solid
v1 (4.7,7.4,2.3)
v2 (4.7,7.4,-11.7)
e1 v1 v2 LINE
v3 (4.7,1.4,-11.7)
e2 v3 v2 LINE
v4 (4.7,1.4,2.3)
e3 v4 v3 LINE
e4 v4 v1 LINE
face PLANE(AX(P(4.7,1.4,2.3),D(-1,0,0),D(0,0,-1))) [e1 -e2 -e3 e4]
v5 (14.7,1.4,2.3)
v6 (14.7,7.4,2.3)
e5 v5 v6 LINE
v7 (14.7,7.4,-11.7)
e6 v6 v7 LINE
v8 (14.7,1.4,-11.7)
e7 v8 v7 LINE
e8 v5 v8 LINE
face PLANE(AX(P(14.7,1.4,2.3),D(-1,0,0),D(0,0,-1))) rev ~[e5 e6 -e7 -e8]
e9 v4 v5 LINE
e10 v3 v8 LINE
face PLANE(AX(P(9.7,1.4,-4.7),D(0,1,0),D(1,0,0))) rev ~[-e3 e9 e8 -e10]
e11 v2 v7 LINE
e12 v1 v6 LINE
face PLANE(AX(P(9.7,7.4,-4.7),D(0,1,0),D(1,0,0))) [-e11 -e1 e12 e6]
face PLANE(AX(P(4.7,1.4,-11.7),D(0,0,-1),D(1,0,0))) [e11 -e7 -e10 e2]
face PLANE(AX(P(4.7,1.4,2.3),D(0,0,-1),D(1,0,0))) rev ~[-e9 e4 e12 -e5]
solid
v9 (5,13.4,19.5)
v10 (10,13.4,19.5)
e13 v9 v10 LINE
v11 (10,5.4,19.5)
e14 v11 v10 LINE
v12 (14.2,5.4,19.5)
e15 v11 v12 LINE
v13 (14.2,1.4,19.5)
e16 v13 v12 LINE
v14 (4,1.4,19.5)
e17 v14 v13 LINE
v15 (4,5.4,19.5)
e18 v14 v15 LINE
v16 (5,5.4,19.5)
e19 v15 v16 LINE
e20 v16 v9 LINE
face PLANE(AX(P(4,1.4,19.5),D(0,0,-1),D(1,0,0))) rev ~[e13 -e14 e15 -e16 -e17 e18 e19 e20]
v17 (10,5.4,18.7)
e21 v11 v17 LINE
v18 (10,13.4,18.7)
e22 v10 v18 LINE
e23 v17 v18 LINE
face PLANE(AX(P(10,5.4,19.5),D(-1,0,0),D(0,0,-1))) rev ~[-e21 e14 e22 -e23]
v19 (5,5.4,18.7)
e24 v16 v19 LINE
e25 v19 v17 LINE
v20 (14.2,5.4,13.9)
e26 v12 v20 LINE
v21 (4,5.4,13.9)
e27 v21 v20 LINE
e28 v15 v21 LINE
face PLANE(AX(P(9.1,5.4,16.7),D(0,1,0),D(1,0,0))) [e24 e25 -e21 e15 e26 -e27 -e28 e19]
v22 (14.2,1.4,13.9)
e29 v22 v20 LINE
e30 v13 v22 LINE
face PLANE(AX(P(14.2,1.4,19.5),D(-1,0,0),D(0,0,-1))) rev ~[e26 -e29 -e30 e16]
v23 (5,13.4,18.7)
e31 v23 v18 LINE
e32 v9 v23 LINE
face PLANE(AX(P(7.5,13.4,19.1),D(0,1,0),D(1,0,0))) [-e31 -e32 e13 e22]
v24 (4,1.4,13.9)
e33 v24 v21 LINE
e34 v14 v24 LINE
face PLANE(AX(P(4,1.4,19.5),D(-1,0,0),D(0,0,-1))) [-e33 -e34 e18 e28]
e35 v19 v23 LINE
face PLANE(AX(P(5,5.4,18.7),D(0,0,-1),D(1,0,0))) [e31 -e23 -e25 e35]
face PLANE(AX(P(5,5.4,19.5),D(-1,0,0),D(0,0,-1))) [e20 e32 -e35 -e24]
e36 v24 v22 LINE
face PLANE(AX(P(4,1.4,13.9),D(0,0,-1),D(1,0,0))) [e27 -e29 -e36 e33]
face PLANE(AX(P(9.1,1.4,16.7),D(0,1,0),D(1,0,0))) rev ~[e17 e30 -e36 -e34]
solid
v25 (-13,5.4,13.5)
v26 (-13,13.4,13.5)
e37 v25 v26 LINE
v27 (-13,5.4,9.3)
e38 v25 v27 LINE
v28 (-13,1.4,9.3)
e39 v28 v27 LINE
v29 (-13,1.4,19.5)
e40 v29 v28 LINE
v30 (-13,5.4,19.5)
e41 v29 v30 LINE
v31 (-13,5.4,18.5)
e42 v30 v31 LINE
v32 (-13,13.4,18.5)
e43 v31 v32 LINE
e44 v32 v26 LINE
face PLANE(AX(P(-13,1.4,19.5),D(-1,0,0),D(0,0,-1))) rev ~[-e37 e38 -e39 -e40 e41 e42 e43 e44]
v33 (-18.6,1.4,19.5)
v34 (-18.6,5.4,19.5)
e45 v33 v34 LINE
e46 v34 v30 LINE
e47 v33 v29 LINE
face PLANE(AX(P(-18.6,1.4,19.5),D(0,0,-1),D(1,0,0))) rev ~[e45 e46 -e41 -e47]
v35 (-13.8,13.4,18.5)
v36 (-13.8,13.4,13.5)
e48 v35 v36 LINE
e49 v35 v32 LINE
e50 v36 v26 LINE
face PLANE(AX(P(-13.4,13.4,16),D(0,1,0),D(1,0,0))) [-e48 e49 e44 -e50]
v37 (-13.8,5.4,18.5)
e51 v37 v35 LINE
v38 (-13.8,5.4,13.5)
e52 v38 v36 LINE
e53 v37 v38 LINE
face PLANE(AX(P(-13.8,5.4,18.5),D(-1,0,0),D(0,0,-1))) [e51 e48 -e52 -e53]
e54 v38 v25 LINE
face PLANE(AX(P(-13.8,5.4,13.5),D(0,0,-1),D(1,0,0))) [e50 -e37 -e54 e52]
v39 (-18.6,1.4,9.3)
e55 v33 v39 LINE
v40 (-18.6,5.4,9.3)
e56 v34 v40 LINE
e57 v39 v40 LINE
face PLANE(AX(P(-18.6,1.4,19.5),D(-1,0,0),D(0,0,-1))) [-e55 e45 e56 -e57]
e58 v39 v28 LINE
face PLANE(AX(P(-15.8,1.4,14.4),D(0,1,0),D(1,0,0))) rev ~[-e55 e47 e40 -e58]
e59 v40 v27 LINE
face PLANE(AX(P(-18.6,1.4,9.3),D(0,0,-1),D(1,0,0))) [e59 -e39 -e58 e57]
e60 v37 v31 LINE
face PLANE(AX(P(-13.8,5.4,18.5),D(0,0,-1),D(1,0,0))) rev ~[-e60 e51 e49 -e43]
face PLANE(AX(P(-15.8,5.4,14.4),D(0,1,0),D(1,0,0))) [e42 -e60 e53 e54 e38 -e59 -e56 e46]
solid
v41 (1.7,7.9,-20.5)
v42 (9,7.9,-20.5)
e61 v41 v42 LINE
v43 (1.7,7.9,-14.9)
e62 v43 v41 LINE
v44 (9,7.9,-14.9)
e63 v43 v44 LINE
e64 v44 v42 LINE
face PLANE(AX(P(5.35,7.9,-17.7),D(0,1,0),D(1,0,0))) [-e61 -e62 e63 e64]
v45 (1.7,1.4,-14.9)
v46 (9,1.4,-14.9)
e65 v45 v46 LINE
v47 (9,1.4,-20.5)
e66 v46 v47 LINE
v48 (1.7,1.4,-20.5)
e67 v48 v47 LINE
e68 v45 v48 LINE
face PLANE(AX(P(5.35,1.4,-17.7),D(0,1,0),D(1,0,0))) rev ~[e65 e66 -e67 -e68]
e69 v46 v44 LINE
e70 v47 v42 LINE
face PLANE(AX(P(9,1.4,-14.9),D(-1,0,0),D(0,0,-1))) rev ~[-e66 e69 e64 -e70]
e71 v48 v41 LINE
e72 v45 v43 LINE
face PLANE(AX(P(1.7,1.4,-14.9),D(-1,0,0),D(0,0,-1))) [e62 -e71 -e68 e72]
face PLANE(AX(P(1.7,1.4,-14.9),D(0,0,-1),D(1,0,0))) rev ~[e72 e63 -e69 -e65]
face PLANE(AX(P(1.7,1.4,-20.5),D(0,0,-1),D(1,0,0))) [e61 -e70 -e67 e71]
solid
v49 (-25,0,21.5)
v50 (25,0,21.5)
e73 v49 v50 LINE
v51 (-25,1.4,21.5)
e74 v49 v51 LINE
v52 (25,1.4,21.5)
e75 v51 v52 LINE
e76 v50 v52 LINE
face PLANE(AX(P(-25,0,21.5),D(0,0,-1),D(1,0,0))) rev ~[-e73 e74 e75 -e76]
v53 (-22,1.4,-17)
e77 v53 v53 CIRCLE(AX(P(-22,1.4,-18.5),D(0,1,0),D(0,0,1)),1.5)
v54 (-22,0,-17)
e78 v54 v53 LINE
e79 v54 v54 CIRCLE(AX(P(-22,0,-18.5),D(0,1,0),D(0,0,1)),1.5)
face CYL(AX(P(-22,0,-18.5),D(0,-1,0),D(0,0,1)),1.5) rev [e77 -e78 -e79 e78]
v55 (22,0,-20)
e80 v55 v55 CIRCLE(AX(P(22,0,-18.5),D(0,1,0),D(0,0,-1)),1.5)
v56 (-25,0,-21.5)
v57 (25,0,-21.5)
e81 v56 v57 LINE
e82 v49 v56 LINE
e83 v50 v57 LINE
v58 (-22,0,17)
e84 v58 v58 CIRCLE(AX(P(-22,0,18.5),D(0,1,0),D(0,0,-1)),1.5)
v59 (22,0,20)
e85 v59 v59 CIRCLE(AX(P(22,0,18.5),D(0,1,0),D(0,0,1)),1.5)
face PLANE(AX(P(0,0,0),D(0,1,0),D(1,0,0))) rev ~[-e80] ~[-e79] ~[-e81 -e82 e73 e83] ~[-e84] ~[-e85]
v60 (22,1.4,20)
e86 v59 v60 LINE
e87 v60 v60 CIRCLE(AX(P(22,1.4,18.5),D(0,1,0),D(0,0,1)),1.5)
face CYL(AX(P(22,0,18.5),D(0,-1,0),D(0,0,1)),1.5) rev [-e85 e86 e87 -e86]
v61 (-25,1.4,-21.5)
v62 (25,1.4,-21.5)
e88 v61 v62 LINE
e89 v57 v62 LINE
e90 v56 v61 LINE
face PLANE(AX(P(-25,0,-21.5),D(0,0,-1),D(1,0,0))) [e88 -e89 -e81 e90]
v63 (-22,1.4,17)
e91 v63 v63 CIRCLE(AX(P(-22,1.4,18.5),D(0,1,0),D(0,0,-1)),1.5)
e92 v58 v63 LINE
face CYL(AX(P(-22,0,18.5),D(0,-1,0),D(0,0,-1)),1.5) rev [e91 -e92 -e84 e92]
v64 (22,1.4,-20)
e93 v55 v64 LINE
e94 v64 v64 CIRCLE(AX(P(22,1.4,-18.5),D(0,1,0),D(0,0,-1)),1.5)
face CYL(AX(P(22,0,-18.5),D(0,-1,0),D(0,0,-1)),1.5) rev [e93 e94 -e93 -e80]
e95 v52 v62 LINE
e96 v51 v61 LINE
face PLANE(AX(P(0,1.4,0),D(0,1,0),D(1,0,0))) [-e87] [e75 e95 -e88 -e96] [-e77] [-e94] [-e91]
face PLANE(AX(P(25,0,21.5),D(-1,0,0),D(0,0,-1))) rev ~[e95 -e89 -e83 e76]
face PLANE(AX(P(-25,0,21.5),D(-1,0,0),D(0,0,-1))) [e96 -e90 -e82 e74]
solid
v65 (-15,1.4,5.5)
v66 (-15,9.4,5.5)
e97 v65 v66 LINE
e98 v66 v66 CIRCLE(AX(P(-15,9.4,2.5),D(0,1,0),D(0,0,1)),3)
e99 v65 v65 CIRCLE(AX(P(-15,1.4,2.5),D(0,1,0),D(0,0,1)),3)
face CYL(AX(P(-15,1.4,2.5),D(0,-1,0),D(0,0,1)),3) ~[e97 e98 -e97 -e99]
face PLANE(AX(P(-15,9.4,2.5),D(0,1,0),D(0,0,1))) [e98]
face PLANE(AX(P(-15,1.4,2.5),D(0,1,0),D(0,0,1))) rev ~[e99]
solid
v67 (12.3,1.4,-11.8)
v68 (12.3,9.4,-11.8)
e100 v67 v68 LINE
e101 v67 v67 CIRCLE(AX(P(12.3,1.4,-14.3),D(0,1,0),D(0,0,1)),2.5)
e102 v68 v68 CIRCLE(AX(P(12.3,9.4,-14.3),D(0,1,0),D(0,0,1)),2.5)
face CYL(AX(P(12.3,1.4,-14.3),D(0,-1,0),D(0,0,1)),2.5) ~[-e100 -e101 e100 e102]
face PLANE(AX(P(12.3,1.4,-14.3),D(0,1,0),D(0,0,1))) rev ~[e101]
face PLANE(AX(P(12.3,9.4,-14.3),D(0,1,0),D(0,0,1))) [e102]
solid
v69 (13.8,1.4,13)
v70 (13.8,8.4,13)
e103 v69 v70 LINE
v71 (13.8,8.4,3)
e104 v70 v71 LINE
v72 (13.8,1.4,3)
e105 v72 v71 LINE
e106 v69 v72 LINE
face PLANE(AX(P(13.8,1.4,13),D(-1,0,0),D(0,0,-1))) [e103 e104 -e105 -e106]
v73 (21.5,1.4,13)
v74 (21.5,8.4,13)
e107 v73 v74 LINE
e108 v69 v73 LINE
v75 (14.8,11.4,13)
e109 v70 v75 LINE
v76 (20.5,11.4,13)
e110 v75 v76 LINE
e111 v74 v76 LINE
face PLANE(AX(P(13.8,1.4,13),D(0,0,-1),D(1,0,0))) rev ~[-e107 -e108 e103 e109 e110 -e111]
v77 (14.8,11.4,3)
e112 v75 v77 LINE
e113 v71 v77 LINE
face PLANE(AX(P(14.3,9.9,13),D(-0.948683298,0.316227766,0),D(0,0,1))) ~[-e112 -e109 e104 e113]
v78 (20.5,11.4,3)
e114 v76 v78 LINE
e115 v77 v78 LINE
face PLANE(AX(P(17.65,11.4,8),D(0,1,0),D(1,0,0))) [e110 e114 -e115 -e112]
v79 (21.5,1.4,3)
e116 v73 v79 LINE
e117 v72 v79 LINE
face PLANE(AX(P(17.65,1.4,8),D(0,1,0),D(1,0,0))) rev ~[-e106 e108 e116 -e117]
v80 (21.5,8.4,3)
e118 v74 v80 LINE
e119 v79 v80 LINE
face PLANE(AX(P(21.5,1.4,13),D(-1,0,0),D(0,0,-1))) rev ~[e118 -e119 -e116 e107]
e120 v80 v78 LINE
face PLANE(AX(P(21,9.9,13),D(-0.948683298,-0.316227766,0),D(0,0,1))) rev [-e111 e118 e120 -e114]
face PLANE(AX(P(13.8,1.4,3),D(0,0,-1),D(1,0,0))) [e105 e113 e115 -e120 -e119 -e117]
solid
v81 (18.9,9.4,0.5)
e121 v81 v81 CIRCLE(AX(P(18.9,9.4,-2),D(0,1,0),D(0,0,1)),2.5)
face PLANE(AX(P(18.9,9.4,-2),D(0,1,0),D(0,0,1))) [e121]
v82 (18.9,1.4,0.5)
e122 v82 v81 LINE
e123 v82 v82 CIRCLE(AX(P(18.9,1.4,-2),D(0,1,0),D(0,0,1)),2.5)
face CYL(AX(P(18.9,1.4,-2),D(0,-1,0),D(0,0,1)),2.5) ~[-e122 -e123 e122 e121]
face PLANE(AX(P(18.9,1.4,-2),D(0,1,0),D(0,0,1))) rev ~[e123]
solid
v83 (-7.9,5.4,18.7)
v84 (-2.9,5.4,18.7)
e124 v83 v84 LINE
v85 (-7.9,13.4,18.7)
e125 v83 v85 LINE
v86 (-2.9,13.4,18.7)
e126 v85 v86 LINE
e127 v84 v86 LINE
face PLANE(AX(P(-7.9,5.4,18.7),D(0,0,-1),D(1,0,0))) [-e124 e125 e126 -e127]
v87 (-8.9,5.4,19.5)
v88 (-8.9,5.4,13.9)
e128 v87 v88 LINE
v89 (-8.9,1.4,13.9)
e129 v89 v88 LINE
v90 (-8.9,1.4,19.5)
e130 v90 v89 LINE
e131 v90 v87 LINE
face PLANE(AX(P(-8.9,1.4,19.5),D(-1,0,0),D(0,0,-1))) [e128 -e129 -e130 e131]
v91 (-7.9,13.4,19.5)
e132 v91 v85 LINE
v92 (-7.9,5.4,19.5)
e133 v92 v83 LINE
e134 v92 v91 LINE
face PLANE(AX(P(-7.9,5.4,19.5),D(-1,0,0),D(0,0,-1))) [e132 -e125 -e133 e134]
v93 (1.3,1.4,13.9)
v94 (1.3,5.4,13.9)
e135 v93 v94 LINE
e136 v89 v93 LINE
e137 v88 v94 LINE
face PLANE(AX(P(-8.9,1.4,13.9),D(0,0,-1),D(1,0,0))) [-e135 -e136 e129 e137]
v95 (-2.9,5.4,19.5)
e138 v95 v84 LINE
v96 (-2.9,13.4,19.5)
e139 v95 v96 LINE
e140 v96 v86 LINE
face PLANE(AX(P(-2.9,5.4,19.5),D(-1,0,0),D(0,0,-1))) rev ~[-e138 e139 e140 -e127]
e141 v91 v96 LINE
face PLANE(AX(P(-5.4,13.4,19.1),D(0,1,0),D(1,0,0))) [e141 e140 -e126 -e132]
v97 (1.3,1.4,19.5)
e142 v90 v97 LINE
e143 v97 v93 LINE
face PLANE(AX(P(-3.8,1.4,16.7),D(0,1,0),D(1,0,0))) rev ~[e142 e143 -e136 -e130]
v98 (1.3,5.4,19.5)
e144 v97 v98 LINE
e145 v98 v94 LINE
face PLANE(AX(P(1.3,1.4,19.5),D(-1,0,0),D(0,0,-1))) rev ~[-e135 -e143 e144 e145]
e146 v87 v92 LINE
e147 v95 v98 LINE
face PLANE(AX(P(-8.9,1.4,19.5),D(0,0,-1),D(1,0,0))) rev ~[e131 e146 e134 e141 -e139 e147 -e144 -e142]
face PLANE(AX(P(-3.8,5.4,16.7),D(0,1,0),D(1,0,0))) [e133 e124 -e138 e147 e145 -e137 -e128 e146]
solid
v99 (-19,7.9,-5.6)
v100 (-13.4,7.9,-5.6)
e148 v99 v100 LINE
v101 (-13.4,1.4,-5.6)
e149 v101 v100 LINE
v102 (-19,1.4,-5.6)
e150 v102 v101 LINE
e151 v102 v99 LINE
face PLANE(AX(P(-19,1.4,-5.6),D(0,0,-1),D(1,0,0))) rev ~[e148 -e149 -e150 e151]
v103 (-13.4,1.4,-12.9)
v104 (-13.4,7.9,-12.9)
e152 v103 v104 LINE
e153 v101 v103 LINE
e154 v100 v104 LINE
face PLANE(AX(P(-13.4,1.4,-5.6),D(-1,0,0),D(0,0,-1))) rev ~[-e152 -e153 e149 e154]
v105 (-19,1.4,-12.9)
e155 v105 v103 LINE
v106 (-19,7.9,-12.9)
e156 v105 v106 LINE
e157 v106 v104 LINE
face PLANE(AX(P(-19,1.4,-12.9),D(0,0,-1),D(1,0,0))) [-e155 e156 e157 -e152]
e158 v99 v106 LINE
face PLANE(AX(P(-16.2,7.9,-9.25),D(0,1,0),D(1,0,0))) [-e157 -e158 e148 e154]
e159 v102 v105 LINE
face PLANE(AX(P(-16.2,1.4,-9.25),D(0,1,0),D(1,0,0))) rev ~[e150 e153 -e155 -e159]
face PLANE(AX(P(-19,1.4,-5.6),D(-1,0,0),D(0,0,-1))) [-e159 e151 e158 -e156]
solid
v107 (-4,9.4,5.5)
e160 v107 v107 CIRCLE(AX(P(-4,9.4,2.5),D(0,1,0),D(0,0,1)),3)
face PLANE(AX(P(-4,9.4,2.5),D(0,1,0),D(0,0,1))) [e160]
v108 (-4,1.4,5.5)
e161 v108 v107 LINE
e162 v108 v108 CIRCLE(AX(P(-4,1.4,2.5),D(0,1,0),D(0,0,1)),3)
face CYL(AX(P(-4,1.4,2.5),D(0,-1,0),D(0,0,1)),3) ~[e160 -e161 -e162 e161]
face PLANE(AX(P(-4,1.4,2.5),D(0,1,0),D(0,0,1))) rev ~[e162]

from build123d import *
from OCP.BRepFilletAPI import BRepFilletAPI_MakeChamfer

# Parameters (mm, degrees)
ESQUISSE1_W          = 50
ESQUISSE1_H          = 43
ESQUISSE1_R          = 1.5
BOSS_EXTRU_1_DEPTH   = 1.4
ESQUISSE3_W          = 5.6
ESQUISSE3_H          = 10.2
BOSS_EXTRU_2_DEPTH   = 4
ESQUISSE3_W_2        = 10.2
ESQUISSE3_H_2        = 5.6
BOSS_EXTRU_2_2_DEPTH = 4
BOSS_EXTRU_2_3_DEPTH = 4
ESQUISSE4_W          = 5.6
ESQUISSE4_H          = 7.3
BOSS_EXTRU_3_DEPTH   = 6.5
ESQUISSE4_W_2        = 7.3
ESQUISSE4_H_2        = 5.6
BOSS_EXTRU_3_2_DEPTH = 6.5
ESQUISSE5_W          = 10
ESQUISSE5_H          = 14
BOSS_EXTRU_4_DEPTH   = 6
ESQUISSE6_W          = 7.7
ESQUISSE6_H          = 10
BOSS_EXTRU_5_DEPTH   = 10
ESQUISSE7_R          = 2.5
BOSS_EXTRU_6_DEPTH   = 8
BOSS_EXTRU_6_2_DEPTH = 8
ESQUISSE8_R          = 3
BOSS_EXTRU_7_DEPTH   = 8
BOSS_EXTRU_7_2_DEPTH = 8
ESQUISSE9_W          = 0.8
ESQUISSE9_H          = 5
ESQUISSE9_W_2        = 5
ESQUISSE9_H_2        = 0.8
BOSS_EXTRU_8_DEPTH   = 8
CHANFREIN1_SIZE      = 3
CHANFREIN1_SIZE2     = 1


with BuildPart() as part:
    # Esquisse1 → Boss.-Extru.1 (new body)
    with BuildSketch(Plane(origin=(0, 0, 0), x_dir=(1, 0, 0), z_dir=(0, 1, 0))):
        Rectangle(ESQUISSE1_W, ESQUISSE1_H)
        with Locations(Location((-22, 18.5, 0), (0, 0, 270))):
            Circle(ESQUISSE1_R, mode=Mode.SUBTRACT)
        with Locations(Location((22, 18.5, 0), (0, 0, 90))):
            Circle(ESQUISSE1_R, mode=Mode.SUBTRACT)
        with Locations(Location((22, -18.5, 0), (0, 0, 270))):
            Circle(ESQUISSE1_R, mode=Mode.SUBTRACT)
        with Locations(Location((-22, -18.5, 0), (0, 0, 90))):
            Circle(ESQUISSE1_R, mode=Mode.SUBTRACT)
    extrude(amount=BOSS_EXTRU_1_DEPTH)


with BuildPart() as body_2:
    # Esquisse3 → Boss.-Extru.2 (new body)
    with BuildSketch(Plane(origin=(0, 1.4, 0), x_dir=(1, 0, 0), z_dir=(0, 1, 0))):
        with Locations((-15.8, -14.4)):
            Rectangle(ESQUISSE3_W, ESQUISSE3_H)
    extrude(amount=BOSS_EXTRU_2_DEPTH)



with BuildPart() as body_3:
    # Esquisse3 → Boss.-Extru.2 2 (new body)
    with BuildSketch(Plane(origin=(0, 1.4, 0), x_dir=(1, 0, 0), z_dir=(0, 1, 0))):
        with Locations((-3.8, -16.7)):
            Rectangle(ESQUISSE3_W_2, ESQUISSE3_H_2)
    extrude(amount=BOSS_EXTRU_2_2_DEPTH)


with BuildPart() as body_4:
    # Esquisse3 → Boss.-Extru.2 3 (new body)
    with BuildSketch(Plane(origin=(0, 1.4, 0), x_dir=(1, 0, 0), z_dir=(0, 1, 0))):
        with Locations((9.1, -16.7)):
            Rectangle(ESQUISSE3_W_2, ESQUISSE3_H_2)
    extrude(amount=BOSS_EXTRU_2_3_DEPTH)


with BuildPart() as body_5:
    # Esquisse4 → Boss.-Extru.3 (new body)
    with BuildSketch(Plane(origin=(0, 1.4, 0), x_dir=(1, 0, 0), z_dir=(0, 1, 0))):
        with Locations((-16.2, 9.25)):
            Rectangle(ESQUISSE4_W, ESQUISSE4_H)
    extrude(amount=BOSS_EXTRU_3_DEPTH)


with BuildPart() as body_6:
    # Esquisse4 → Boss.-Extru.3 2 (new body)
    with BuildSketch(Plane(origin=(0, 1.4, 0), x_dir=(1, 0, 0), z_dir=(0, 1, 0))):
        with Locations((5.35, 17.7)):
            Rectangle(ESQUISSE4_W_2, ESQUISSE4_H_2)
    extrude(amount=BOSS_EXTRU_3_2_DEPTH)


with BuildPart() as body_7:
    # Esquisse5 → Boss.-Extru.4 (new body)
    with BuildSketch(Plane(origin=(0, 1.4, 0), x_dir=(1, 0, 0), z_dir=(0, 1, 0))):
        with Locations((9.7, 4.7)):
            Rectangle(ESQUISSE5_W, ESQUISSE5_H)
    extrude(amount=BOSS_EXTRU_4_DEPTH)


with BuildPart() as body_8:
    # Esquisse6 → Boss.-Extru.5 (new body)
    with BuildSketch(Plane(origin=(0, 1.4, 0), x_dir=(1, 0, 0), z_dir=(0, 1, 0))):
        with Locations((17.65, -8)):
            Rectangle(ESQUISSE6_W, ESQUISSE6_H)
    extrude(amount=BOSS_EXTRU_5_DEPTH)

    # Chanfrein1: one chamfer whose edges measure the first distance from different faces: ONE call of the kernel's chamfer builder (chamfer() names one face for all edges)
    chanfrein1_edges_1 = [body_8.edges().sort_by_distance(p)[0] for p in [
        (21.5, 11.4, 8),
    ]]
    chanfrein1_side_1 = [body_8.faces().sort_by_distance(p)[0] for p in [
        (21.5, 6.4, 8),
    ]]
    chanfrein1_edges_2 = [body_8.edges().sort_by_distance(p)[0] for p in [
        (13.8, 11.4, 8),
    ]]
    chanfrein1_side_2 = [body_8.faces().sort_by_distance(p)[0] for p in [
        (13.8, 6.4, 8),
    ]]
    chanfrein1 = BRepFilletAPI_MakeChamfer(body_8.part.solid().wrapped)
    for e in chanfrein1_edges_1:
        chanfrein1.Add(CHANFREIN1_SIZE, CHANFREIN1_SIZE2, e.wrapped, chanfrein1_side_1[0].wrapped)  # the first distance lies on this face
    for e in chanfrein1_edges_2:
        chanfrein1.Add(CHANFREIN1_SIZE, CHANFREIN1_SIZE2, e.wrapped, chanfrein1_side_2[0].wrapped)  # the first distance lies on this face
    add(Compound.cast(chanfrein1.Shape()), mode=Mode.REPLACE)


with BuildPart() as body_9:
    # Esquisse7 → Boss.-Extru.6 (new body)
    with BuildSketch(Plane(origin=(0, 1.4, 0), x_dir=(1, 0, 0), z_dir=(0, 1, 0))):
        with Locations(Location((12.3, 14.3, 0), (0, 0, 270))):
            Circle(ESQUISSE7_R)
    extrude(amount=BOSS_EXTRU_6_DEPTH)


with BuildPart() as body_10:
    # Esquisse7 → Boss.-Extru.6 2 (new body)
    with BuildSketch(Plane(origin=(0, 1.4, 0), x_dir=(1, 0, 0), z_dir=(0, 1, 0))):
        with Locations(Location((18.9, 2, 0), (0, 0, 270))):
            Circle(ESQUISSE7_R)
    extrude(amount=BOSS_EXTRU_6_2_DEPTH)


with BuildPart() as body_11:
    # Esquisse8 → Boss.-Extru.7 (new body)
    with BuildSketch(Plane(origin=(0, 1.4, 0), x_dir=(1, 0, 0), z_dir=(0, 1, 0))):
        with Locations(Location((-15, -2.5, 0), (0, 0, 270))):
            Circle(ESQUISSE8_R)
    extrude(amount=BOSS_EXTRU_7_DEPTH)


with BuildPart() as body_12:
    # Esquisse8 → Boss.-Extru.7 2 (new body)
    with BuildSketch(Plane(origin=(0, 1.4, 0), x_dir=(1, 0, 0), z_dir=(0, 1, 0))):
        with Locations(Location((-4, -2.5, 0), (0, 0, 270))):
            Circle(ESQUISSE8_R)
    extrude(amount=BOSS_EXTRU_7_2_DEPTH)


with BuildPart() as body_2_1:
    add(body_2.part)

    add(body_3.part)  # Boss.-Extru.8 merges body 3

    add(body_4.part)  # Boss.-Extru.8 merges body 4
    # Esquisse9 → Boss.-Extru.8 (add)
    with BuildSketch(Plane(origin=(0, 5.4, 0), x_dir=(1, 0, 0), z_dir=(0, 1, 0))):
        with Locations((-13.4, -16)):
            Rectangle(ESQUISSE9_W, ESQUISSE9_H)
        with Locations((-5.4, -19.1)):
            Rectangle(ESQUISSE9_W_2, ESQUISSE9_H_2)
        with Locations((7.5, -19.1)):
            Rectangle(ESQUISSE9_W_2, ESQUISSE9_H_2)
    extrude(amount=BOSS_EXTRU_8_DEPTH)


solid = Compound([part.part, body_5.part, body_6.part, body_7.part, body_8.part, body_9.part, body_10.part, body_11.part, body_12.part, body_2_1.part])
